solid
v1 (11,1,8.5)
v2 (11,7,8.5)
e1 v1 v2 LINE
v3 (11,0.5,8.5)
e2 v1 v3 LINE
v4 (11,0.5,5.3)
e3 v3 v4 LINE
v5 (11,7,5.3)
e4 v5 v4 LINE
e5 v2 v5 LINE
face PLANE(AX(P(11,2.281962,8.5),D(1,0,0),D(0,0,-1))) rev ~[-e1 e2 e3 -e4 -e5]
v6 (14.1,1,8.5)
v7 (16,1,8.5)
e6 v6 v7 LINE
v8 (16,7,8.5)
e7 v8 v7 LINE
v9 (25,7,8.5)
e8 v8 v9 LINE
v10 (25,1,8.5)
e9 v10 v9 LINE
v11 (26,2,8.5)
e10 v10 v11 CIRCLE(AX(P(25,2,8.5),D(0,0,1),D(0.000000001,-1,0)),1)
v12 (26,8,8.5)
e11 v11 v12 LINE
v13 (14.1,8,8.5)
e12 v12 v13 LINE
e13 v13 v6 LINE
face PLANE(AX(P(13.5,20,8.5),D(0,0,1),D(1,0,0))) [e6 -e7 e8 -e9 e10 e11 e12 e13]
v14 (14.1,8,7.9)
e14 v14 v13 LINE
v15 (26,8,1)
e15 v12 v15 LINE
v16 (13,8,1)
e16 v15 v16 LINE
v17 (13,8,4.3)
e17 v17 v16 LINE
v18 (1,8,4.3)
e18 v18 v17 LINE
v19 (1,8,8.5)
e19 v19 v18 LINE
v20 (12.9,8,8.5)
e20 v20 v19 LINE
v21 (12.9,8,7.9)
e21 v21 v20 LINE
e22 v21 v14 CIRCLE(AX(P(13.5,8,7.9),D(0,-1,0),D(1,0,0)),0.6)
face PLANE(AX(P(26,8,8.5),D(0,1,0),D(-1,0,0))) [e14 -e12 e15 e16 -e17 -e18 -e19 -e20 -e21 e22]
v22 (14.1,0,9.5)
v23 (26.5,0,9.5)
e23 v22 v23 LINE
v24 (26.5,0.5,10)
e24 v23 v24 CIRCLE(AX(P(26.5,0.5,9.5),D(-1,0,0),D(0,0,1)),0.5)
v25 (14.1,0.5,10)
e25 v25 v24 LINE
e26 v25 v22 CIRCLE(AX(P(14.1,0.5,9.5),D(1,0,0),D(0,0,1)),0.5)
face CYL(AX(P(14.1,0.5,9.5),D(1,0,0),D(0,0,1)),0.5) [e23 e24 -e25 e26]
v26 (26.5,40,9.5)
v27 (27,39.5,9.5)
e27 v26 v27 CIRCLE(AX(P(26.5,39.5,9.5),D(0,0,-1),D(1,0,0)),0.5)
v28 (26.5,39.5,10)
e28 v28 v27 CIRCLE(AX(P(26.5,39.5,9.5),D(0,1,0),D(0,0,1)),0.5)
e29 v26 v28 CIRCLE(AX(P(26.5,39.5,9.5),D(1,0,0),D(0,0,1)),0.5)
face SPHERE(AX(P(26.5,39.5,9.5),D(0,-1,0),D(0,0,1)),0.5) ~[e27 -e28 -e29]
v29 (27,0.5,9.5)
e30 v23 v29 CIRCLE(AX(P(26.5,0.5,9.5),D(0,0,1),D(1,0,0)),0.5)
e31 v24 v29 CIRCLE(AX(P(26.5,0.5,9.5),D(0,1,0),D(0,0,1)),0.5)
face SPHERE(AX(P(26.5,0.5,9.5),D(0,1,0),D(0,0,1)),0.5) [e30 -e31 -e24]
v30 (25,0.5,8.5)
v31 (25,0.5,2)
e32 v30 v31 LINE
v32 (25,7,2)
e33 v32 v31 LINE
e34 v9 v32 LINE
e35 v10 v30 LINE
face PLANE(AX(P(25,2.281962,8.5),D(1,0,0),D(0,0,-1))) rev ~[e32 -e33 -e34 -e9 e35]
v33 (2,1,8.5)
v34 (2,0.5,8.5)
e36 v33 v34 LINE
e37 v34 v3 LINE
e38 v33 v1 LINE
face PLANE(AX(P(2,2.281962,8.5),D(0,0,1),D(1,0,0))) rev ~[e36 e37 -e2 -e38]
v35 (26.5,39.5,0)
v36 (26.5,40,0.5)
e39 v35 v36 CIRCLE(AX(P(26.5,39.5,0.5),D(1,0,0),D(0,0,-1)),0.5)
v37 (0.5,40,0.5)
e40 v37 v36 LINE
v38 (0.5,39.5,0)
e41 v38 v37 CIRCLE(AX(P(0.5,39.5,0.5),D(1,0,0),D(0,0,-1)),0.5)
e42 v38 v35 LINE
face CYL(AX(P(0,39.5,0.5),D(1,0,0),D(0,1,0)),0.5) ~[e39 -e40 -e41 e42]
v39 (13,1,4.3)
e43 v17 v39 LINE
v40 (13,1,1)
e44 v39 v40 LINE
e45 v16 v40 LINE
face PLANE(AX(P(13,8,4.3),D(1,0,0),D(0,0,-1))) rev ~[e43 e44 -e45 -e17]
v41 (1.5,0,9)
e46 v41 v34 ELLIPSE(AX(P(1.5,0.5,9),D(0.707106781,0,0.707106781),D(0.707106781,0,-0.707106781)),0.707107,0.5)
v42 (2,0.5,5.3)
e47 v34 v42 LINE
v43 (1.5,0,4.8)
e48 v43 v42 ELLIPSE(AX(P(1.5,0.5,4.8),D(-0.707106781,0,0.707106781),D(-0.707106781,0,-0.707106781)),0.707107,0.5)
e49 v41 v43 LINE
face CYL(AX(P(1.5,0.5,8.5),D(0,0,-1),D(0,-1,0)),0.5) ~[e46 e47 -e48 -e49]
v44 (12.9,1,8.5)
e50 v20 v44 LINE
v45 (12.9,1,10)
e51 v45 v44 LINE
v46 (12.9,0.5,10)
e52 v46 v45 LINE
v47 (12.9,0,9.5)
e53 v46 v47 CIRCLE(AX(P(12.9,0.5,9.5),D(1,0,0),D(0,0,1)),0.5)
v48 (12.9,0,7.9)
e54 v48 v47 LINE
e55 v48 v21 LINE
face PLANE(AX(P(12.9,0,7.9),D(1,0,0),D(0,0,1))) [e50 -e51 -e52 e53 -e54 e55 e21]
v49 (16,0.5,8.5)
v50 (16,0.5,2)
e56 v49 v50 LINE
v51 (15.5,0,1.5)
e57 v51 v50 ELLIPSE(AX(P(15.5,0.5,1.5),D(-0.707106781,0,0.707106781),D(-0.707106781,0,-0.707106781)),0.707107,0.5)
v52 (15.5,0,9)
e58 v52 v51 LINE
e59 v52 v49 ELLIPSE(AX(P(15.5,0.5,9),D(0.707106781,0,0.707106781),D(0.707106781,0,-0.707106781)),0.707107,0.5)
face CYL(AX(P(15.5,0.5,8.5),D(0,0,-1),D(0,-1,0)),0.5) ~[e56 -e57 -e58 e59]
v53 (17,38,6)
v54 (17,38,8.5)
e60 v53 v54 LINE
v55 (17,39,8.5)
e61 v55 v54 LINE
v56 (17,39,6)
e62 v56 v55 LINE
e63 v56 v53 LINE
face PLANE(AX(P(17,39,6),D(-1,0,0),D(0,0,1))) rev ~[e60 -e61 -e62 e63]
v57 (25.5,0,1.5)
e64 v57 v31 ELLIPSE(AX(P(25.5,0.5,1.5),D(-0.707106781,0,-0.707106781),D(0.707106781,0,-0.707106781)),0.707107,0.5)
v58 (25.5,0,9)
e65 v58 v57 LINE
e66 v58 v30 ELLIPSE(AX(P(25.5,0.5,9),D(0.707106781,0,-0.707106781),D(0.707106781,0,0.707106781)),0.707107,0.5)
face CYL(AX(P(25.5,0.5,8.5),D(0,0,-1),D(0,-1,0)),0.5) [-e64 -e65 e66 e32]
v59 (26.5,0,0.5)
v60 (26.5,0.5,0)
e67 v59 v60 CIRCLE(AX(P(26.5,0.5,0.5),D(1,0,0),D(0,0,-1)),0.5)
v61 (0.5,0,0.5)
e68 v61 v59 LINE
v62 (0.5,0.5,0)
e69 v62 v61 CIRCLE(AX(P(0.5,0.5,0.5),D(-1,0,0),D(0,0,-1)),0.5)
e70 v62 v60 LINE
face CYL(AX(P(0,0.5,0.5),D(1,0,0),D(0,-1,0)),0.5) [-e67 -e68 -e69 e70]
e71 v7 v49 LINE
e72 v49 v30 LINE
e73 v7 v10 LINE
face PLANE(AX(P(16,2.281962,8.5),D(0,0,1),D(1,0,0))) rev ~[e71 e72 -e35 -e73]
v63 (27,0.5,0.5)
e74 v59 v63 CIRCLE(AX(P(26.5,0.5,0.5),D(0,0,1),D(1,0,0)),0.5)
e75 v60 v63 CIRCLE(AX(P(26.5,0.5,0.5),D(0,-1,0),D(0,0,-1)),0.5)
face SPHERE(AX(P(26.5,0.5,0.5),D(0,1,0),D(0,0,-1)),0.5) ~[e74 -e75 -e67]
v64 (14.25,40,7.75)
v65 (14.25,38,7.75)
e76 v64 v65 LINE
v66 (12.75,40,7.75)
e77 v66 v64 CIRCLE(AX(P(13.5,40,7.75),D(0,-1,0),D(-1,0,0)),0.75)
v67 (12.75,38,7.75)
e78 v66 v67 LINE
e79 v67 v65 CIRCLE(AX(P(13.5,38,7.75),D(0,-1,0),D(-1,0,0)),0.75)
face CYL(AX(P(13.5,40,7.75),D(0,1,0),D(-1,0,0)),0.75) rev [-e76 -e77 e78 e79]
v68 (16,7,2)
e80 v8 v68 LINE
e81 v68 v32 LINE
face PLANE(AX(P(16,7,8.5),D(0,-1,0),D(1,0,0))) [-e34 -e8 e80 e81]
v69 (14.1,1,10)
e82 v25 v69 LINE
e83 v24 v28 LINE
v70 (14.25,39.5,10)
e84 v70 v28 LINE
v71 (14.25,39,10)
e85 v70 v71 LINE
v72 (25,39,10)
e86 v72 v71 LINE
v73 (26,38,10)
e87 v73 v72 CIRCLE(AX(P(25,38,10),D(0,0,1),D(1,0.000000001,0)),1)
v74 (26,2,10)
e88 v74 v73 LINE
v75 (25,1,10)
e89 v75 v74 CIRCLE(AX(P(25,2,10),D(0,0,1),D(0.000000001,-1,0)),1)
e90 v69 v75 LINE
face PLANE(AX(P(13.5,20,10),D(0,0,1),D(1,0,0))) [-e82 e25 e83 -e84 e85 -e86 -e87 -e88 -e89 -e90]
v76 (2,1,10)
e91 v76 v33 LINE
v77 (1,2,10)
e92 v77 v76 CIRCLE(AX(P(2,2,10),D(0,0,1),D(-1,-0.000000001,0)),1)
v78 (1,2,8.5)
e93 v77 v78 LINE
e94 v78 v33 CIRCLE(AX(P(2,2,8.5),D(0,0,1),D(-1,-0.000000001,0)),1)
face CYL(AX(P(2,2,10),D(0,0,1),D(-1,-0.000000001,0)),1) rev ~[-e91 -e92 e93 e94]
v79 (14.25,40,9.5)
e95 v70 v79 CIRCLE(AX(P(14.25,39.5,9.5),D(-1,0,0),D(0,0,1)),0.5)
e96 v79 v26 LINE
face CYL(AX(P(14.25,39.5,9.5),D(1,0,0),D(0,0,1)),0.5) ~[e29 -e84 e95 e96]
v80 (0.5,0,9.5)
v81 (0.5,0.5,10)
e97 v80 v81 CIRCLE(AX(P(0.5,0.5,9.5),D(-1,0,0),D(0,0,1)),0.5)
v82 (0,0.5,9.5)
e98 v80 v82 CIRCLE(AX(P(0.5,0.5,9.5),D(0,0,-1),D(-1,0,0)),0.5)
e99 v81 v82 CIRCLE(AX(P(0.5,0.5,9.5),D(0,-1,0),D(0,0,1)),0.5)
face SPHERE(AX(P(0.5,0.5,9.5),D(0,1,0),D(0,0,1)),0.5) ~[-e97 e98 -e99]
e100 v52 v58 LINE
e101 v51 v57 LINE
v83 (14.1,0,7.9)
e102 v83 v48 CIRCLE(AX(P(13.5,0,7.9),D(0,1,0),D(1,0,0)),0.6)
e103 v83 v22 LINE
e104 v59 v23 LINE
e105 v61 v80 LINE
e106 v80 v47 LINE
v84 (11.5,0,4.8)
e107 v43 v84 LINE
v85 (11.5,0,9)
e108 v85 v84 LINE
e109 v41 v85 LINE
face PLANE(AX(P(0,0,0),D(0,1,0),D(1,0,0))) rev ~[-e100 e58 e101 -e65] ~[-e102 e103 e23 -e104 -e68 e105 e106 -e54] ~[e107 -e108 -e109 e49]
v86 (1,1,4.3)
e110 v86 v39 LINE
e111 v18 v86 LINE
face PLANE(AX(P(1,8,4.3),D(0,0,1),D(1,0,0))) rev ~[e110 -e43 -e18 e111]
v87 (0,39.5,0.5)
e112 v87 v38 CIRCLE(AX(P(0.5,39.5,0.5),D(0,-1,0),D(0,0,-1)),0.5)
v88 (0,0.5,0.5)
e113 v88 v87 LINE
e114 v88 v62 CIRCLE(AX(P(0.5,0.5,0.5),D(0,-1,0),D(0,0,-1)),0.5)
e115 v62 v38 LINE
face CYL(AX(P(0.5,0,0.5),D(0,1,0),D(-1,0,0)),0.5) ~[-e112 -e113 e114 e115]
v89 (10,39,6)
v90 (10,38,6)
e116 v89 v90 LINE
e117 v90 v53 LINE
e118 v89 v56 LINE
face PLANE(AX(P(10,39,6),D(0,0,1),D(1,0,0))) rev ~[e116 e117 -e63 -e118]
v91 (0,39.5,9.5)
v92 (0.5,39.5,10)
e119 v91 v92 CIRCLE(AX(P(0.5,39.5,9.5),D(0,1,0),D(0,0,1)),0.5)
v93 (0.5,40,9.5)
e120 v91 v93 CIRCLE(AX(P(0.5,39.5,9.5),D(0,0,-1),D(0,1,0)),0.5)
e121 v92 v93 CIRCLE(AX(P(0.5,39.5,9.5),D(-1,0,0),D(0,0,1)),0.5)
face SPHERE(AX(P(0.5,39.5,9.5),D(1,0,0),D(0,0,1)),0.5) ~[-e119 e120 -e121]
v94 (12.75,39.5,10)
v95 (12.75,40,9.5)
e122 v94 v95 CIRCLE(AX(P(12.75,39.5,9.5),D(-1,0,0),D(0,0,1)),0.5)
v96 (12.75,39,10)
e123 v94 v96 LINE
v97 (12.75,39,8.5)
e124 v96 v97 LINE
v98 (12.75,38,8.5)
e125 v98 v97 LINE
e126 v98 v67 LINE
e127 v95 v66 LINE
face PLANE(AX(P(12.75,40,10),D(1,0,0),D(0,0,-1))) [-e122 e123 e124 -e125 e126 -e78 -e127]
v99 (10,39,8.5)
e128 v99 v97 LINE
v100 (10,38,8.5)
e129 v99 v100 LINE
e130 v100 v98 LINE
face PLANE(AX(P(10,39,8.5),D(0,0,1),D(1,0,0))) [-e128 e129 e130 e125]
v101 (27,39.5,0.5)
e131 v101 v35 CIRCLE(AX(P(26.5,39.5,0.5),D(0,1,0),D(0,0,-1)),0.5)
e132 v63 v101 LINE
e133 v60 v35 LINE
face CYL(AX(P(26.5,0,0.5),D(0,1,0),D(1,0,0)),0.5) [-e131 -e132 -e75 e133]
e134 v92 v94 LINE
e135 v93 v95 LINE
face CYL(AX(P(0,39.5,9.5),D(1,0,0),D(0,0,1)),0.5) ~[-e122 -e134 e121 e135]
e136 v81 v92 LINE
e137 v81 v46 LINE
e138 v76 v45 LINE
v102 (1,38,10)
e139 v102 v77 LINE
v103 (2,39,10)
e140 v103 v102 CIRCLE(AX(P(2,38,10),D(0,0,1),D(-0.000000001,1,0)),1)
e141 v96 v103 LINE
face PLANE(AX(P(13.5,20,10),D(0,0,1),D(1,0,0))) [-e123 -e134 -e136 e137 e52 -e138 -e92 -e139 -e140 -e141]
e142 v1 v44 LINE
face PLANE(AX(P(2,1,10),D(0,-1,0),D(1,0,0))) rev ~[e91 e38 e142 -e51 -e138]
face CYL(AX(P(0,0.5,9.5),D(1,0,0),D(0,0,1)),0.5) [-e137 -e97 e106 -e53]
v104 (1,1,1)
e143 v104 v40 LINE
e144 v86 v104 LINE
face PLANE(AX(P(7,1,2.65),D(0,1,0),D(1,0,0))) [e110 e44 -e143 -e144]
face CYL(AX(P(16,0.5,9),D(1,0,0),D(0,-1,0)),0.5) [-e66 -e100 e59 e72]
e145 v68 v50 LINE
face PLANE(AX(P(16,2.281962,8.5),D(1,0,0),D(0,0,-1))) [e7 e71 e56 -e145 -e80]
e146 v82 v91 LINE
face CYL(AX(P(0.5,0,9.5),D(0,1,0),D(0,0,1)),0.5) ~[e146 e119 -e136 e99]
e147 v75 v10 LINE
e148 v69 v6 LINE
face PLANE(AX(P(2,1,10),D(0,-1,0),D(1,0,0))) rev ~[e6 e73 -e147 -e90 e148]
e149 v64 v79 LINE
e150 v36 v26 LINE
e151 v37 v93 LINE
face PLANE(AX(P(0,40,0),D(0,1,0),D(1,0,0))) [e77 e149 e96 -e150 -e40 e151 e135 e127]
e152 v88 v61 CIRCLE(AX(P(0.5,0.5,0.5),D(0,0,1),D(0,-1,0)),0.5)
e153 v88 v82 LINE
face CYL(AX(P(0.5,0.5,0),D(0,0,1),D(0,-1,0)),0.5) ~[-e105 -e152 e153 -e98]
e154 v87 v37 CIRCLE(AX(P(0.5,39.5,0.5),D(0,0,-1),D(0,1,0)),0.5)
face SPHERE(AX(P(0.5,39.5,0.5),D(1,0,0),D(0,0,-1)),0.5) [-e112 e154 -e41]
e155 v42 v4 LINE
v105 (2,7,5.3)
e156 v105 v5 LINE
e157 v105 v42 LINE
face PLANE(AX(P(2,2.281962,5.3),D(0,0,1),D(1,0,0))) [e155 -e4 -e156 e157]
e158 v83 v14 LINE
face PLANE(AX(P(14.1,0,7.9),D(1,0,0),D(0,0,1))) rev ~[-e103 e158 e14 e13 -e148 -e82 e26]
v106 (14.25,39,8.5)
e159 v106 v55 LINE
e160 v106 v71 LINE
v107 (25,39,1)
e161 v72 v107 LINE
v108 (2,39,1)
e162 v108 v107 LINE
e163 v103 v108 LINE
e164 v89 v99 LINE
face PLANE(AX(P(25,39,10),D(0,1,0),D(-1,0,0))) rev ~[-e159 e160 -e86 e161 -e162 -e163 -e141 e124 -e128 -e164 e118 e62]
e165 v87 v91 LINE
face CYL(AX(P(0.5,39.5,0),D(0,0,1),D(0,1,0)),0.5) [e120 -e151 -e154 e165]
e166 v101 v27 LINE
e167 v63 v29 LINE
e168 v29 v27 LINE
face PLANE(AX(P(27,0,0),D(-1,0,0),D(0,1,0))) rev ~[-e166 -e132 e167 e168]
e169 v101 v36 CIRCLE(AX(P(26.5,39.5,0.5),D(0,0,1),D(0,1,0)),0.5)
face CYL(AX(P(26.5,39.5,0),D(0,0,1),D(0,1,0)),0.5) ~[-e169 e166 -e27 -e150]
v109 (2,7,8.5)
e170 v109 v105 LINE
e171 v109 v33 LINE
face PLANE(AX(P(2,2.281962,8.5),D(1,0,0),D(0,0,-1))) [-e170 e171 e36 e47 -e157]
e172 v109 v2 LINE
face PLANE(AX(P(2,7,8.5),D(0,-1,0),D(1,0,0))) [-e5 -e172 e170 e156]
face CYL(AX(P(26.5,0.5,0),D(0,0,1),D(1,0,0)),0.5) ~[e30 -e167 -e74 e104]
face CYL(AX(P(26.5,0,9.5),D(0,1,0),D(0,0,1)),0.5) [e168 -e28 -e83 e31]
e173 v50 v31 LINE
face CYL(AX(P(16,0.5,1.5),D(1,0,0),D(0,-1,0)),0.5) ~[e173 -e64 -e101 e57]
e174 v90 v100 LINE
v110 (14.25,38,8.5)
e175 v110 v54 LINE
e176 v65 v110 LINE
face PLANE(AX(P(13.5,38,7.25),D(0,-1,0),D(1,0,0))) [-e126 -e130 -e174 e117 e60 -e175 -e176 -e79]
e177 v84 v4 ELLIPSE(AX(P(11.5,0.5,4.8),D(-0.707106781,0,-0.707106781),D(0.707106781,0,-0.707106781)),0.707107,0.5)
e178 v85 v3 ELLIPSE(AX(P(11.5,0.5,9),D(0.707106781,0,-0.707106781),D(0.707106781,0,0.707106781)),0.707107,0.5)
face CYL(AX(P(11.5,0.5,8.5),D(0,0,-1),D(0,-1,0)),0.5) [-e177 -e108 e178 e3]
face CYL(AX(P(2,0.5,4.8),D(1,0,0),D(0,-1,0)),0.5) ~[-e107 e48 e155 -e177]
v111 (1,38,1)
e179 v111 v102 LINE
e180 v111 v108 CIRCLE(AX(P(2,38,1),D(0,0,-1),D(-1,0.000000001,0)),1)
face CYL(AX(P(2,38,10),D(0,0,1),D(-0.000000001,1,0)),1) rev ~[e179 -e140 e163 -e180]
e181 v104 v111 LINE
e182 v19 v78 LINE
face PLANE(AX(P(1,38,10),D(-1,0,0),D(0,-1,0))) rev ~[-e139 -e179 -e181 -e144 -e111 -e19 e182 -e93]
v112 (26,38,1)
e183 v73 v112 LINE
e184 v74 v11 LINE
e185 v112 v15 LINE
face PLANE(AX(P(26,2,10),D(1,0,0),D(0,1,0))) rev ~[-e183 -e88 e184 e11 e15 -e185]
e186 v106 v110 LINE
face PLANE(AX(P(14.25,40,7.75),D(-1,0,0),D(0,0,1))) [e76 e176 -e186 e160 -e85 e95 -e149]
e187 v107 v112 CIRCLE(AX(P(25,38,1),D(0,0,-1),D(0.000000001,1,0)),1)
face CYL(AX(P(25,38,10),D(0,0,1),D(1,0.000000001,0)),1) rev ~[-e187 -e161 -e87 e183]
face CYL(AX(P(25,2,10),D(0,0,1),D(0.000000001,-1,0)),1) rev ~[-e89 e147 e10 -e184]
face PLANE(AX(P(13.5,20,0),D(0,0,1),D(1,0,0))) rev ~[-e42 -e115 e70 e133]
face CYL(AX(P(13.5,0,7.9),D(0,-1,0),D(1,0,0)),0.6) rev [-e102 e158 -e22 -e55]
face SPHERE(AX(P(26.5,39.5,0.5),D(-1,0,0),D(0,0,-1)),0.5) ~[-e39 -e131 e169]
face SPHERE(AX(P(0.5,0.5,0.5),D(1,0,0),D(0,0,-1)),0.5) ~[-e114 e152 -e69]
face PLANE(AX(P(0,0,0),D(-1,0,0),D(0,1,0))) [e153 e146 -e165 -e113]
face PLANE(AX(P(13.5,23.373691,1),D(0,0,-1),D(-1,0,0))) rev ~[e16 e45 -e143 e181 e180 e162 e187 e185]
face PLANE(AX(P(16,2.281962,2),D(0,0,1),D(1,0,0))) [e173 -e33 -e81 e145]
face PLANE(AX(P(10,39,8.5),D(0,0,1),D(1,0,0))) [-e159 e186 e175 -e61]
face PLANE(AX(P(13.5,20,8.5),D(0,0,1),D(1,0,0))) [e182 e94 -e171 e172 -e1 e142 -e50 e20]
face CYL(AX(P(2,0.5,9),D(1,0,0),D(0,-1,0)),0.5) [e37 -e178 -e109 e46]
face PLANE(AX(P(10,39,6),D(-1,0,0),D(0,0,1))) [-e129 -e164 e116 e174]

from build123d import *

# Parameters (mm, degrees)
SKETCH_2_W           = 27
SKETCH_2_H           = 40
EXTRUDE_1_DEPTH      = 10
CUT_EXTRUDE_1_DEPTH  = 1.5
CUT_EXTRUDE_2_DEPTH  = 7.5
SKETCH_9_W           = 9
SKETCH_9_H           = 4.718038217
CUT_EXTRUDE_8_DEPTH  = 6.5
SKETCH_9_3_W         = 9
SKETCH_9_3_H         = 4.718038217
CUT_EXTRUDE_9_DEPTH  = 3.2
SKETCH_13_W          = 9
SKETCH_13_H          = 3.2
SKETCH_13_H_2        = 6.5
CUT_EXTRUDE_11_DEPTH = 3.281961783
CUT_EXTRUDE_12_REACH = 42
SKETCH_14_W          = 1.2
SKETCH_14_H          = 2.1
SKETCH_16_2_W        = 7
SKETCH_16_2_H        = 2.5
EXTRUDE_3_DEPTH      = 1
SKETCH_16_W          = 7
SKETCH_16_H          = 2.5
EXTRUDE_2_DEPTH      = 1
CUT_EXTRUDE_14_DEPTH = 2
FILLET_1_R           = 0.5
SKETCH_18_W          = 12
SKETCH_18_H          = 3.3
CUT_EXTRUDE_15_DEPTH = 7


with BuildPart() as part:
    # Sketch 2 → Extrude 1 (new body)
    with BuildSketch(Plane.XY):
        with Locations((13.5, 20)):
            Rectangle(SKETCH_2_W, SKETCH_2_H)
    extrude(amount=EXTRUDE_1_DEPTH)

    # Sketch 3 → Cut-Extrude 1 (cut)
    with BuildSketch(Plane.XY.offset(10)):
        with BuildLine():
            Line((1, 38), (1, 2))
            ThreePointArc((1, 2), (1.292893219, 1.292893219), (2, 1))
            Line((2, 1), (25, 1))
            ThreePointArc((25, 1), (25.707106781, 1.292893219), (26, 2))
            Line((26, 2), (26, 38))
            ThreePointArc((26, 38), (25.707106781, 38.707106781), (25, 39))
            Line((25, 39), (2, 39))
            ThreePointArc((2, 39), (1.292893219, 38.707106781), (1, 38))
        make_face()
    extrude(amount=-CUT_EXTRUDE_1_DEPTH, mode=Mode.SUBTRACT)

    # Sketch 5 → Cut-Extrude 2 (cut)
    with BuildSketch(Plane.XY.offset(8.5)):
        with BuildLine():
            Line((2, 39), (25, 39))
            ThreePointArc((25, 39), (25.707106781, 38.707106781), (26, 38))
            Line((26, 38), (26, 8))
            Line((26, 8), (1, 8))
            Line((1, 8), (1, 38))
            ThreePointArc((1, 38), (1.292893219, 38.707106781), (2, 39))
        make_face()
    extrude(amount=-CUT_EXTRUDE_2_DEPTH, mode=Mode.SUBTRACT)

    # Sketch 9 → Cut-Extrude 8 (cut)
    with BuildSketch(Plane.XY.offset(8.5)):
        with Locations((20.5, 4.640980891)):
            Rectangle(SKETCH_9_W, SKETCH_9_H)
    extrude(amount=-CUT_EXTRUDE_8_DEPTH, mode=Mode.SUBTRACT)

    # Sketch 9_3 → Cut-Extrude 9 (cut)
    with BuildSketch(Plane.XY.offset(8.5)):
        with Locations((6.5, 4.640980891)):
            Rectangle(SKETCH_9_3_W, SKETCH_9_3_H)
    extrude(amount=-CUT_EXTRUDE_9_DEPTH, mode=Mode.SUBTRACT)

    # Sketch 13 → Cut-Extrude 11 (cut, through all)
    with BuildSketch(Plane(origin=(0, 2.281961783, 0), x_dir=(1, 0, 0), z_dir=(0, 1, 0))):
        with Locations((6.5, -6.9)):
            Rectangle(SKETCH_13_W, SKETCH_13_H)
        with Locations((20.5, -5.25)):
            Rectangle(SKETCH_13_W, SKETCH_13_H_2)
    extrude(amount=-CUT_EXTRUDE_11_DEPTH, mode=Mode.SUBTRACT)

    # Sketch 14 → Cut-Extrude 12 (cut, up to next)
    with BuildSketch(Plane.XZ, mode=Mode.PRIVATE) as cut_extrude_12_sk1:
        with BuildLine():
            Line((12.9, 7.9), (14.1, 7.9))
            ThreePointArc((14.1, 7.9), (13.5, 7.3), (12.9, 7.9))
        make_face()
    cut_extrude_12_tool1 = extrude(cut_extrude_12_sk1.sketch, amount=-CUT_EXTRUDE_12_REACH, mode=Mode.PRIVATE) & part.part
    add(cut_extrude_12_tool1.solids().sort_by_distance((13.5, 0, 7.645352))[0], mode=Mode.SUBTRACT)
    # Sketch 14 → Cut-Extrude 12 (cut, up to next)
    with BuildSketch(Plane.XZ, mode=Mode.PRIVATE) as cut_extrude_12_sk2:
        with Locations((13.5, 8.95)):
            Rectangle(SKETCH_14_W, SKETCH_14_H)
    cut_extrude_12_tool2 = extrude(cut_extrude_12_sk2.sketch, amount=-CUT_EXTRUDE_12_REACH, mode=Mode.PRIVATE) & part.part
    add(cut_extrude_12_tool2.solids().sort_by_distance((13.5, 0, 8.95))[0], mode=Mode.SUBTRACT)

    # Sketch 16_2 → Extrude 3 (add)
    with BuildSketch(Plane.XZ.offset(-39)):
        with Locations((13.5, 7.25)):
            Rectangle(SKETCH_16_2_W, SKETCH_16_2_H)
    extrude(amount=EXTRUDE_3_DEPTH)

    # Sketch 16 → Extrude 2 (add)
    with BuildSketch(Plane.XZ.offset(-39)):
        with Locations((13.5, 7.25)):
            Rectangle(SKETCH_16_W, SKETCH_16_H)
    extrude(amount=EXTRUDE_2_DEPTH)

    # Sketch 17 → Cut-Extrude 14 (cut)
    with BuildSketch(Plane(origin=(0, 40, 0), x_dir=(1, 0, 0), z_dir=(0, 1, 0))):
        with BuildLine():
            Line((14.25, -7.75), (14.25, -10))
            Line((14.25, -10), (12.75, -10))
            Line((12.75, -10), (12.75, -7.75))
            ThreePointArc((12.75, -7.75), (13.5, -7), (14.25, -7.75))
        make_face()
    extrude(amount=-CUT_EXTRUDE_14_DEPTH, mode=Mode.SUBTRACT)

    # Fillet 1
    fillet_1_edges = [part.edges().sort_by_distance(p)[0] for p in [
        (27, 20, 10),
        (20.55, 0, 10),
        (20.625, 40, 10),
        (6.375, 40, 10),
        (0, 20, 10),
        (13.5, 40, 0),
        (27, 20, 0),
        (13.5, 0, 0),
        (0, 20, 0),
        (6.45, 0, 10),
        (0, 40, 5),
        (27, 40, 5),
        (27, 0, 5),
        (0, 0, 5),
        (6.5, 0, 8.5),
        (11, 0, 6.9),
        (2, 0, 6.9),
        (6.5, 0, 5.3),
        (20.5, 0, 8.5),
        (25, 0, 5.25),
        (16, 0, 5.25),
        (20.5, 0, 2),
    ]]
    fillet(fillet_1_edges, radius=FILLET_1_R)

    # Sketch 18 → Cut-Extrude 15 (cut)
    with BuildSketch(Plane(origin=(0, 8, 0), x_dir=(1, 0, 0), z_dir=(0, 1, 0))):
        with Locations((7, -2.65)):
            Rectangle(SKETCH_18_W, SKETCH_18_H)
    extrude(amount=-CUT_EXTRUDE_15_DEPTH, mode=Mode.SUBTRACT)


solid = part.part
